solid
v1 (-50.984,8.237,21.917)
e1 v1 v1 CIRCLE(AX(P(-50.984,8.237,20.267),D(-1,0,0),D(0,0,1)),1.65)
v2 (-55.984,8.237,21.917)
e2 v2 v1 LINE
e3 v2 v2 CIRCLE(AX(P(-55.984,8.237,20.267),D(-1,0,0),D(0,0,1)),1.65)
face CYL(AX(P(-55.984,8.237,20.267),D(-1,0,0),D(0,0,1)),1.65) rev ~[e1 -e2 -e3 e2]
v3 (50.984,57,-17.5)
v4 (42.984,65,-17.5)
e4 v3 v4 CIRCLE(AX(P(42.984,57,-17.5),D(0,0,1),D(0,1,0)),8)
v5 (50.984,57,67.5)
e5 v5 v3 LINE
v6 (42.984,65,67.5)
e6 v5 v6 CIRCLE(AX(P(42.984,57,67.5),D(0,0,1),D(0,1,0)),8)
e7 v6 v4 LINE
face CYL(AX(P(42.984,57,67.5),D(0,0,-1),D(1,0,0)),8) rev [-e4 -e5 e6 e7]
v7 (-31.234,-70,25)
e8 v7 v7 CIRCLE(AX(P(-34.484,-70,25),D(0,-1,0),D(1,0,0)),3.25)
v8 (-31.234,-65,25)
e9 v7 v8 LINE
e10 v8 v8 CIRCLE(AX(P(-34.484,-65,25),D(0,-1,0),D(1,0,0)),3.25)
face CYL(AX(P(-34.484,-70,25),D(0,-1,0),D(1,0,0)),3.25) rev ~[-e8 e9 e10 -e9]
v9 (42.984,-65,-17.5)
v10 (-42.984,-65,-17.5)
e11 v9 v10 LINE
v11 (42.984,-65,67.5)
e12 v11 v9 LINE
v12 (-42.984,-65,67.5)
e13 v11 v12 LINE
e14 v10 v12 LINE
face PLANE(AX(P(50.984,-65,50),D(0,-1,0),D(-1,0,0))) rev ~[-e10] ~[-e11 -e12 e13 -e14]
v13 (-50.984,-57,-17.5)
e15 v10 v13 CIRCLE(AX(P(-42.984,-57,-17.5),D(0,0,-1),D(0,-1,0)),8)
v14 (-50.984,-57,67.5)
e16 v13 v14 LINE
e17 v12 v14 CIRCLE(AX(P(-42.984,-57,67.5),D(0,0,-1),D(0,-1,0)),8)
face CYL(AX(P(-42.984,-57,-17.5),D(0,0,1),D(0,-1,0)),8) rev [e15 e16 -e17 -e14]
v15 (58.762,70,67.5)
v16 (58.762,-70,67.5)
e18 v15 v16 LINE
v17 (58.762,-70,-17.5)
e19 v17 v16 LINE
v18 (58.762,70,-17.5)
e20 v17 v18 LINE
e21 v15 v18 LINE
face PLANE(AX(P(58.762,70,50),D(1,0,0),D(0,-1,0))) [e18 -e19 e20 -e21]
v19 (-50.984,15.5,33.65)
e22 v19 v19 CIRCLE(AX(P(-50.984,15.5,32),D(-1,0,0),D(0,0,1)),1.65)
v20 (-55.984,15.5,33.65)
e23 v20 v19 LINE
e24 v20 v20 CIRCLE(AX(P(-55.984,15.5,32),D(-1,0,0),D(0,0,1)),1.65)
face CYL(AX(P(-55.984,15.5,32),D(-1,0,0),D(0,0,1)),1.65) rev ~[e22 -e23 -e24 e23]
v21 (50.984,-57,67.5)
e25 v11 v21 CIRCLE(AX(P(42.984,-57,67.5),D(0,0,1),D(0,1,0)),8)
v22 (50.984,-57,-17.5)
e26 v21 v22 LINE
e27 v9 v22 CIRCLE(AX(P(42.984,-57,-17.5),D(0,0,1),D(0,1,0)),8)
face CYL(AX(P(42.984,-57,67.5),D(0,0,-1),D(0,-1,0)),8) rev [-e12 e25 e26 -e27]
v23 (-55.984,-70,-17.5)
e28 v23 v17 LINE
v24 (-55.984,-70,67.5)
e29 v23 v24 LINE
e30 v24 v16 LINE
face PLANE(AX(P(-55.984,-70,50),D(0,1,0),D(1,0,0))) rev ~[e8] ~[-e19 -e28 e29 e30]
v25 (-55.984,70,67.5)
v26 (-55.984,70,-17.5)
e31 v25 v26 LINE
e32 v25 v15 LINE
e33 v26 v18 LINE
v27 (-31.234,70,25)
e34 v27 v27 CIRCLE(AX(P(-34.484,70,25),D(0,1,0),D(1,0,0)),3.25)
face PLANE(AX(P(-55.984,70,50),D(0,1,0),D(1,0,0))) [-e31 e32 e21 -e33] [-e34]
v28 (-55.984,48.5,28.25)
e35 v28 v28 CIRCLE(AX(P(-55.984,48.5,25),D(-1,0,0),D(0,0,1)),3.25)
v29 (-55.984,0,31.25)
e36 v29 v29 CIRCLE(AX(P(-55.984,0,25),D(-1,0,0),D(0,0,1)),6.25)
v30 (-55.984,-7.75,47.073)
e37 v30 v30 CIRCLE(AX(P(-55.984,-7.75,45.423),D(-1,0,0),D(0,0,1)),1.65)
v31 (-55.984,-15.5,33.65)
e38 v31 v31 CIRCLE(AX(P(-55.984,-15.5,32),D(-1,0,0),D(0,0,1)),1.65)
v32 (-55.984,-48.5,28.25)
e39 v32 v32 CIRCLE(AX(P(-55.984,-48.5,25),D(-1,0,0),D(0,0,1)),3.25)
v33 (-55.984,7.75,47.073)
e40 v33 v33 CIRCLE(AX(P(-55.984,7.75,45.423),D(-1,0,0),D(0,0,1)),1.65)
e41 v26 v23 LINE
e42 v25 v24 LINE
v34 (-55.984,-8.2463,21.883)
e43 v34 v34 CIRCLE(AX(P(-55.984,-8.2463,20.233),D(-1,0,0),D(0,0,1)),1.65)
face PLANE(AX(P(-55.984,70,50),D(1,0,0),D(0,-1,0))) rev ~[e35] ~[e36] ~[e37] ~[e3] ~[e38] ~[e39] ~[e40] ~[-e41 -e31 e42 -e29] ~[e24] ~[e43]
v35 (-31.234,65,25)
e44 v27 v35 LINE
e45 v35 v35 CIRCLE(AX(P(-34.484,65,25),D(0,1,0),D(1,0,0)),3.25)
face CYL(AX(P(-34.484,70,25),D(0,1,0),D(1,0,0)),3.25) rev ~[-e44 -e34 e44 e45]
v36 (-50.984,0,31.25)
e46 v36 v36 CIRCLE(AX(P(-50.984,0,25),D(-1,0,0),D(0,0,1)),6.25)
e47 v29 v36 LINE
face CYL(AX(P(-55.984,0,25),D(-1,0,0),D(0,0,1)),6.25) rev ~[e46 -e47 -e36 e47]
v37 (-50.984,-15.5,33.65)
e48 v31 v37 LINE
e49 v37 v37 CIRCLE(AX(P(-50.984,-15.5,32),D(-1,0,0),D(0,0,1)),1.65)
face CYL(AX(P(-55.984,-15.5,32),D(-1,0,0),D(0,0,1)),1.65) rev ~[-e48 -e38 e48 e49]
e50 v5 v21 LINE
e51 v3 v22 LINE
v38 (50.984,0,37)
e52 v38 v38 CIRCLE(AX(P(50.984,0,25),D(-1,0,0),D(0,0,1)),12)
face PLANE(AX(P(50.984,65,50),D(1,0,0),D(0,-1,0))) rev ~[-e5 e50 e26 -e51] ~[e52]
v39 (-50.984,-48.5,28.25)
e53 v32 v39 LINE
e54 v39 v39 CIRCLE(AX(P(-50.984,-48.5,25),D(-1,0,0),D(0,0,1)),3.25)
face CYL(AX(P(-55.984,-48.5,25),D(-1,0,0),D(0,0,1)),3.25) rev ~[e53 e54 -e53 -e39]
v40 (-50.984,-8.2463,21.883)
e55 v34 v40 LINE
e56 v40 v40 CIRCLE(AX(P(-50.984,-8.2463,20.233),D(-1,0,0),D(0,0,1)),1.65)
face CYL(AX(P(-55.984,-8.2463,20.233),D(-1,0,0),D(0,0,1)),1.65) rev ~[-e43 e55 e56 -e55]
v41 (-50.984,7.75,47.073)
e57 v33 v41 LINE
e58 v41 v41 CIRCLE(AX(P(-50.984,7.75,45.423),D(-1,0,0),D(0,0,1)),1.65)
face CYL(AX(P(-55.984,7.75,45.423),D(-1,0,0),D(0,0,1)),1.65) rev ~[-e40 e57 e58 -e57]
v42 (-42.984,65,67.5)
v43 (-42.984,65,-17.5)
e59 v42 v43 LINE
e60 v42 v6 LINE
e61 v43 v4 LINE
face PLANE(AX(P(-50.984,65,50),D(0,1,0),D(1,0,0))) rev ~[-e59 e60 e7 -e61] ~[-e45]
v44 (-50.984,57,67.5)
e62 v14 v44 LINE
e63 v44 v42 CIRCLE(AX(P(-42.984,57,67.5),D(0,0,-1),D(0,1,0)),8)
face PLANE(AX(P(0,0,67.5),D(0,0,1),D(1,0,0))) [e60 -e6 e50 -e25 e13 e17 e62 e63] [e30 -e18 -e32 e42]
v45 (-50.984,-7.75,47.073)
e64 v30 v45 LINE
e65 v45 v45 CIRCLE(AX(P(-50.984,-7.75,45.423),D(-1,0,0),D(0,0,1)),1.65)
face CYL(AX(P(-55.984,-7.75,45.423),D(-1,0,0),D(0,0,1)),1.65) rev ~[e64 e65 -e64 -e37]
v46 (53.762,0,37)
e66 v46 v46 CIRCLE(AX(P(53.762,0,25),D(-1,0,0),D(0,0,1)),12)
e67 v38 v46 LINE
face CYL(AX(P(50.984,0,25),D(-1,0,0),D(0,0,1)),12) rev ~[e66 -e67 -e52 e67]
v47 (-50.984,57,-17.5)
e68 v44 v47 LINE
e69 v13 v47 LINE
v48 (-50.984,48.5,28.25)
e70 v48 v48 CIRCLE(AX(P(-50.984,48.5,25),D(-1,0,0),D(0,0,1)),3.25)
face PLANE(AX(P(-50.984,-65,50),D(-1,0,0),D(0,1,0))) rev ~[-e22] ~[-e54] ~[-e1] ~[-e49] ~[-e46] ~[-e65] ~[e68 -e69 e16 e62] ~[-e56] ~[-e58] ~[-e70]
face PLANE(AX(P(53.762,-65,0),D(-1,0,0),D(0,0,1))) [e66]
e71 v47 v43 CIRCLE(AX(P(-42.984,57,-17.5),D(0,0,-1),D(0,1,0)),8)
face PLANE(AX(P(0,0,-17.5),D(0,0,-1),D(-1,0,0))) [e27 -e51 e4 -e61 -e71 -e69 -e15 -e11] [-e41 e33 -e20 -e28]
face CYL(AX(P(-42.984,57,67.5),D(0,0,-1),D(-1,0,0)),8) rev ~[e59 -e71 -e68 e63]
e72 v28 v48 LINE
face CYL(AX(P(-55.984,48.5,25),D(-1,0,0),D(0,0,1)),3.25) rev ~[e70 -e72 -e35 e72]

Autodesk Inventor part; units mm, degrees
ref_plane "YZ Plane" through (0, 0, 0) normal (1, 0, 0) x (0, 1, 0)
ref_plane "XZ Plane" through (0, 0, 0) normal (0, 1, 0) x (-1, 0, 0)
ref_plane "XY Plane" through (0, 0, 0) normal (0, 0, 1) x (1, 0, 0)
sketch "Sketch1" plane through (0, 0, 0) normal (0, 0, 1) x (1, 0, 0)
  line L0 (-50.984, -65) -> (50.984, -65)
  line L1 (50.984, -65) -> (50.984, 65)
  line L2 (50.984, 65) -> (-50.984, 65)
  line L3 (-50.984, 65) -> (-50.984, -65)
  line L4 (-50.984, -65) -> (50.984, 65) construction
  line L5 (50.984, -65) -> (-50.984, 65) construction
  line L6 (-55.984, 70) -> (55.984, 70)
  line L7 (55.984, 70) -> (55.984, -70)
  line L8 (55.984, -70) -> (-55.984, -70)
  line L9 (-55.984, -70) -> (-55.984, 70)
  point P0 (0, 0)
  dimension "d0" = 101.968
  dimension "d1" = 130
  dimension "d2" = 5
extrude "Extrusion1" add sketch "Sketch1" along normal blind 50
sketch "Sketch5" plane through (50.984, -65, 0) normal (-1, 0, 0) x (0, 0, 1)
  line L0 (0, -5) -> (50, -5) projected
  line L1 (0, 135) -> (50, 135) projected
  circle A0 centre (25, 65) radius 12
  line L2 (50, 135) -> (50, -5) projected
  point P0 (0, 65)
  dimension "d14" = 140
  dimension "d15" = 24
  dimension "d16" = 25
  dimension "d17" = 70
extrude "Extrusion5" cut sketch "Sketch5" against normal blind 2.778
sketch "Sketch6" plane through (55.984, -70, 0) normal (1, 0, 0) x (0, 0, -1)
  line L0 (0, 0) -> (0, 140) projected
  line L1 (0, 140) -> (-50, 140) projected
  line L2 (-50, 0) -> (-50, 140) projected
  line L3 (0, 0) -> (-50, 0) projected
  point P0 (0, 70)
extrude "Extrusion6" add sketch "Sketch6" along normal blind 2.778
sketch "Sketch8" plane through (0, 0, 0) normal (0, 0, -1) x (-1, 0, 0)
  line L0 (55.984, -70) -> (-58.762, -70) projected
  line L1 (55.984, 70) -> (55.984, -70) projected
  line L2 (55.984, 70) -> (-58.762, 70) projected
  line L3 (-58.762, -70) -> (-58.762, 70) projected
  line L4 (50.984, -65) -> (50.984, 65) projected
  line L5 (-50.984, -65) -> (50.984, -65) projected
  line L6 (-50.984, 65) -> (-50.984, -65) projected
  line L7 (50.984, 65) -> (-50.984, 65) projected
  point P0 (0, 0)
extrude "Extrusion8" add sketch "Sketch8" along normal blind 17.5
sketch "Sketch9" plane through (0, 0, 50) normal (0, 0, 1) x (1, 0, 0)
  line L0 (-55.984, -70) -> (58.762, -70) projected
  line L1 (58.762, 70) -> (58.762, -70) projected
  line L2 (-55.984, 70) -> (58.762, 70) projected
  line L3 (-55.984, 70) -> (-55.984, -70) projected
  line L4 (-50.984, -65) -> (-50.984, 65) projected
  line L5 (-50.984, 65) -> (50.984, 65) projected
  line L6 (50.984, 65) -> (50.984, -65) projected
  line L7 (50.984, -65) -> (-50.984, -65) projected
  point P0 (0, 0)
extrude "Extrusion9" add sketch "Sketch9" along normal blind 17.5
fillet "Fillet1" radius 8 1 edges at (-50.984, -65, 25)
fillet "Fillet2" radius 8 3 edges at (50.984, -65, 25) (50.984, 65, 25) (-50.984, 65, 25)
sketch "Sketch10" plane through (-55.984, -70, -17.5) normal (-1, 0, 0) x (0, 0, 1)
  circle A0 centre (42.5, 70) radius 6.25
  circle A1 centre (37.767, 78.237) radius 1.65
  line L0 (0, 0) -> (0, 140) projected
  line L1 (85, 0) -> (0, 0) projected
  circle A2 centre (37.733, 61.7537) radius 1.65
  circle A3 centre (49.5, 85.5) radius 1.65
  circle A4 centre (49.5, 54.5) radius 1.65
  circle A5 centre (62.923, 77.75) radius 1.65
  circle A6 centre (62.923, 62.25) radius 1.65
  point P0 (17.5, 70)
  dimension "d31" = 12.5
  dimension "d32" = 3.3
  dimension "d33" = 37.767
  dimension "d34" = 78.237
  dimension "d35" = 3.3
  dimension "d36" = 37.733
  dimension "d38" = 61.7537
  dimension "d39" = 3.3
  dimension "d41" = 85.5
  dimension "d42" = 49.5
  dimension "d43" = 3.3
  dimension "d44" = 54.5
  dimension "d45" = 3.3
  dimension "d46" = 77.75
  dimension "d47" = 62.923
  dimension "d48" = 3.3
  dimension "d49" = 62.25
  dimension "d50" = 62.923
extrude "Extrusion10" cut sketch "Sketch10" against normal blind 5
sketch "Sketch11" plane through (-55.984, -70, -17.5) normal (-1, 0, 0) x (0, 0, 1)
  circle A0 centre (42.5, 21.5) radius 3.25
  circle A1 centre (42.5, 118.5) radius 3.25
  line L0 (0, 140) -> (85, 140) projected
  line L1 (85, 0) -> (0, 0) projected
  point P0 (17.5, 70)
  dimension "d53" = 6.5
  dimension "d54" = 6.5
  dimension "d58" = 21.5
  dimension "d59" = 21.5
extrude "Extrusion12" cut sketch "Sketch11" against normal blind 10
sketch "Sketch12" plane through (-55.984, -70, -17.5) normal (0, -1, 0) x (1, 0, 0)
  circle A0 centre (21.5, 42.5) radius 3.25
  line L0 (0, 85) -> (0, 0) projected
  point P0 (55.984, 17.5)
  dimension "d62" = 6.5
  dimension "d63" = 21.5
sketch "Sketch13" plane through (-55.984, 70, -17.5) normal (0, 1, 0) x (1, 0, 0)
  circle A0 centre (21.5, -42.5) radius 3.25
  line L0 (0, 0) -> (0, -85) projected
  point P0 (55.984, -17.5)
  dimension "d66" = 6.5
  dimension "d67" = 21.5
extrude "Extrusion13" cut sketch "Sketch12" against normal blind 10
extrude "Extrusion14" cut sketch "Sketch13" against normal blind 10
properties part number "caja conexion"
